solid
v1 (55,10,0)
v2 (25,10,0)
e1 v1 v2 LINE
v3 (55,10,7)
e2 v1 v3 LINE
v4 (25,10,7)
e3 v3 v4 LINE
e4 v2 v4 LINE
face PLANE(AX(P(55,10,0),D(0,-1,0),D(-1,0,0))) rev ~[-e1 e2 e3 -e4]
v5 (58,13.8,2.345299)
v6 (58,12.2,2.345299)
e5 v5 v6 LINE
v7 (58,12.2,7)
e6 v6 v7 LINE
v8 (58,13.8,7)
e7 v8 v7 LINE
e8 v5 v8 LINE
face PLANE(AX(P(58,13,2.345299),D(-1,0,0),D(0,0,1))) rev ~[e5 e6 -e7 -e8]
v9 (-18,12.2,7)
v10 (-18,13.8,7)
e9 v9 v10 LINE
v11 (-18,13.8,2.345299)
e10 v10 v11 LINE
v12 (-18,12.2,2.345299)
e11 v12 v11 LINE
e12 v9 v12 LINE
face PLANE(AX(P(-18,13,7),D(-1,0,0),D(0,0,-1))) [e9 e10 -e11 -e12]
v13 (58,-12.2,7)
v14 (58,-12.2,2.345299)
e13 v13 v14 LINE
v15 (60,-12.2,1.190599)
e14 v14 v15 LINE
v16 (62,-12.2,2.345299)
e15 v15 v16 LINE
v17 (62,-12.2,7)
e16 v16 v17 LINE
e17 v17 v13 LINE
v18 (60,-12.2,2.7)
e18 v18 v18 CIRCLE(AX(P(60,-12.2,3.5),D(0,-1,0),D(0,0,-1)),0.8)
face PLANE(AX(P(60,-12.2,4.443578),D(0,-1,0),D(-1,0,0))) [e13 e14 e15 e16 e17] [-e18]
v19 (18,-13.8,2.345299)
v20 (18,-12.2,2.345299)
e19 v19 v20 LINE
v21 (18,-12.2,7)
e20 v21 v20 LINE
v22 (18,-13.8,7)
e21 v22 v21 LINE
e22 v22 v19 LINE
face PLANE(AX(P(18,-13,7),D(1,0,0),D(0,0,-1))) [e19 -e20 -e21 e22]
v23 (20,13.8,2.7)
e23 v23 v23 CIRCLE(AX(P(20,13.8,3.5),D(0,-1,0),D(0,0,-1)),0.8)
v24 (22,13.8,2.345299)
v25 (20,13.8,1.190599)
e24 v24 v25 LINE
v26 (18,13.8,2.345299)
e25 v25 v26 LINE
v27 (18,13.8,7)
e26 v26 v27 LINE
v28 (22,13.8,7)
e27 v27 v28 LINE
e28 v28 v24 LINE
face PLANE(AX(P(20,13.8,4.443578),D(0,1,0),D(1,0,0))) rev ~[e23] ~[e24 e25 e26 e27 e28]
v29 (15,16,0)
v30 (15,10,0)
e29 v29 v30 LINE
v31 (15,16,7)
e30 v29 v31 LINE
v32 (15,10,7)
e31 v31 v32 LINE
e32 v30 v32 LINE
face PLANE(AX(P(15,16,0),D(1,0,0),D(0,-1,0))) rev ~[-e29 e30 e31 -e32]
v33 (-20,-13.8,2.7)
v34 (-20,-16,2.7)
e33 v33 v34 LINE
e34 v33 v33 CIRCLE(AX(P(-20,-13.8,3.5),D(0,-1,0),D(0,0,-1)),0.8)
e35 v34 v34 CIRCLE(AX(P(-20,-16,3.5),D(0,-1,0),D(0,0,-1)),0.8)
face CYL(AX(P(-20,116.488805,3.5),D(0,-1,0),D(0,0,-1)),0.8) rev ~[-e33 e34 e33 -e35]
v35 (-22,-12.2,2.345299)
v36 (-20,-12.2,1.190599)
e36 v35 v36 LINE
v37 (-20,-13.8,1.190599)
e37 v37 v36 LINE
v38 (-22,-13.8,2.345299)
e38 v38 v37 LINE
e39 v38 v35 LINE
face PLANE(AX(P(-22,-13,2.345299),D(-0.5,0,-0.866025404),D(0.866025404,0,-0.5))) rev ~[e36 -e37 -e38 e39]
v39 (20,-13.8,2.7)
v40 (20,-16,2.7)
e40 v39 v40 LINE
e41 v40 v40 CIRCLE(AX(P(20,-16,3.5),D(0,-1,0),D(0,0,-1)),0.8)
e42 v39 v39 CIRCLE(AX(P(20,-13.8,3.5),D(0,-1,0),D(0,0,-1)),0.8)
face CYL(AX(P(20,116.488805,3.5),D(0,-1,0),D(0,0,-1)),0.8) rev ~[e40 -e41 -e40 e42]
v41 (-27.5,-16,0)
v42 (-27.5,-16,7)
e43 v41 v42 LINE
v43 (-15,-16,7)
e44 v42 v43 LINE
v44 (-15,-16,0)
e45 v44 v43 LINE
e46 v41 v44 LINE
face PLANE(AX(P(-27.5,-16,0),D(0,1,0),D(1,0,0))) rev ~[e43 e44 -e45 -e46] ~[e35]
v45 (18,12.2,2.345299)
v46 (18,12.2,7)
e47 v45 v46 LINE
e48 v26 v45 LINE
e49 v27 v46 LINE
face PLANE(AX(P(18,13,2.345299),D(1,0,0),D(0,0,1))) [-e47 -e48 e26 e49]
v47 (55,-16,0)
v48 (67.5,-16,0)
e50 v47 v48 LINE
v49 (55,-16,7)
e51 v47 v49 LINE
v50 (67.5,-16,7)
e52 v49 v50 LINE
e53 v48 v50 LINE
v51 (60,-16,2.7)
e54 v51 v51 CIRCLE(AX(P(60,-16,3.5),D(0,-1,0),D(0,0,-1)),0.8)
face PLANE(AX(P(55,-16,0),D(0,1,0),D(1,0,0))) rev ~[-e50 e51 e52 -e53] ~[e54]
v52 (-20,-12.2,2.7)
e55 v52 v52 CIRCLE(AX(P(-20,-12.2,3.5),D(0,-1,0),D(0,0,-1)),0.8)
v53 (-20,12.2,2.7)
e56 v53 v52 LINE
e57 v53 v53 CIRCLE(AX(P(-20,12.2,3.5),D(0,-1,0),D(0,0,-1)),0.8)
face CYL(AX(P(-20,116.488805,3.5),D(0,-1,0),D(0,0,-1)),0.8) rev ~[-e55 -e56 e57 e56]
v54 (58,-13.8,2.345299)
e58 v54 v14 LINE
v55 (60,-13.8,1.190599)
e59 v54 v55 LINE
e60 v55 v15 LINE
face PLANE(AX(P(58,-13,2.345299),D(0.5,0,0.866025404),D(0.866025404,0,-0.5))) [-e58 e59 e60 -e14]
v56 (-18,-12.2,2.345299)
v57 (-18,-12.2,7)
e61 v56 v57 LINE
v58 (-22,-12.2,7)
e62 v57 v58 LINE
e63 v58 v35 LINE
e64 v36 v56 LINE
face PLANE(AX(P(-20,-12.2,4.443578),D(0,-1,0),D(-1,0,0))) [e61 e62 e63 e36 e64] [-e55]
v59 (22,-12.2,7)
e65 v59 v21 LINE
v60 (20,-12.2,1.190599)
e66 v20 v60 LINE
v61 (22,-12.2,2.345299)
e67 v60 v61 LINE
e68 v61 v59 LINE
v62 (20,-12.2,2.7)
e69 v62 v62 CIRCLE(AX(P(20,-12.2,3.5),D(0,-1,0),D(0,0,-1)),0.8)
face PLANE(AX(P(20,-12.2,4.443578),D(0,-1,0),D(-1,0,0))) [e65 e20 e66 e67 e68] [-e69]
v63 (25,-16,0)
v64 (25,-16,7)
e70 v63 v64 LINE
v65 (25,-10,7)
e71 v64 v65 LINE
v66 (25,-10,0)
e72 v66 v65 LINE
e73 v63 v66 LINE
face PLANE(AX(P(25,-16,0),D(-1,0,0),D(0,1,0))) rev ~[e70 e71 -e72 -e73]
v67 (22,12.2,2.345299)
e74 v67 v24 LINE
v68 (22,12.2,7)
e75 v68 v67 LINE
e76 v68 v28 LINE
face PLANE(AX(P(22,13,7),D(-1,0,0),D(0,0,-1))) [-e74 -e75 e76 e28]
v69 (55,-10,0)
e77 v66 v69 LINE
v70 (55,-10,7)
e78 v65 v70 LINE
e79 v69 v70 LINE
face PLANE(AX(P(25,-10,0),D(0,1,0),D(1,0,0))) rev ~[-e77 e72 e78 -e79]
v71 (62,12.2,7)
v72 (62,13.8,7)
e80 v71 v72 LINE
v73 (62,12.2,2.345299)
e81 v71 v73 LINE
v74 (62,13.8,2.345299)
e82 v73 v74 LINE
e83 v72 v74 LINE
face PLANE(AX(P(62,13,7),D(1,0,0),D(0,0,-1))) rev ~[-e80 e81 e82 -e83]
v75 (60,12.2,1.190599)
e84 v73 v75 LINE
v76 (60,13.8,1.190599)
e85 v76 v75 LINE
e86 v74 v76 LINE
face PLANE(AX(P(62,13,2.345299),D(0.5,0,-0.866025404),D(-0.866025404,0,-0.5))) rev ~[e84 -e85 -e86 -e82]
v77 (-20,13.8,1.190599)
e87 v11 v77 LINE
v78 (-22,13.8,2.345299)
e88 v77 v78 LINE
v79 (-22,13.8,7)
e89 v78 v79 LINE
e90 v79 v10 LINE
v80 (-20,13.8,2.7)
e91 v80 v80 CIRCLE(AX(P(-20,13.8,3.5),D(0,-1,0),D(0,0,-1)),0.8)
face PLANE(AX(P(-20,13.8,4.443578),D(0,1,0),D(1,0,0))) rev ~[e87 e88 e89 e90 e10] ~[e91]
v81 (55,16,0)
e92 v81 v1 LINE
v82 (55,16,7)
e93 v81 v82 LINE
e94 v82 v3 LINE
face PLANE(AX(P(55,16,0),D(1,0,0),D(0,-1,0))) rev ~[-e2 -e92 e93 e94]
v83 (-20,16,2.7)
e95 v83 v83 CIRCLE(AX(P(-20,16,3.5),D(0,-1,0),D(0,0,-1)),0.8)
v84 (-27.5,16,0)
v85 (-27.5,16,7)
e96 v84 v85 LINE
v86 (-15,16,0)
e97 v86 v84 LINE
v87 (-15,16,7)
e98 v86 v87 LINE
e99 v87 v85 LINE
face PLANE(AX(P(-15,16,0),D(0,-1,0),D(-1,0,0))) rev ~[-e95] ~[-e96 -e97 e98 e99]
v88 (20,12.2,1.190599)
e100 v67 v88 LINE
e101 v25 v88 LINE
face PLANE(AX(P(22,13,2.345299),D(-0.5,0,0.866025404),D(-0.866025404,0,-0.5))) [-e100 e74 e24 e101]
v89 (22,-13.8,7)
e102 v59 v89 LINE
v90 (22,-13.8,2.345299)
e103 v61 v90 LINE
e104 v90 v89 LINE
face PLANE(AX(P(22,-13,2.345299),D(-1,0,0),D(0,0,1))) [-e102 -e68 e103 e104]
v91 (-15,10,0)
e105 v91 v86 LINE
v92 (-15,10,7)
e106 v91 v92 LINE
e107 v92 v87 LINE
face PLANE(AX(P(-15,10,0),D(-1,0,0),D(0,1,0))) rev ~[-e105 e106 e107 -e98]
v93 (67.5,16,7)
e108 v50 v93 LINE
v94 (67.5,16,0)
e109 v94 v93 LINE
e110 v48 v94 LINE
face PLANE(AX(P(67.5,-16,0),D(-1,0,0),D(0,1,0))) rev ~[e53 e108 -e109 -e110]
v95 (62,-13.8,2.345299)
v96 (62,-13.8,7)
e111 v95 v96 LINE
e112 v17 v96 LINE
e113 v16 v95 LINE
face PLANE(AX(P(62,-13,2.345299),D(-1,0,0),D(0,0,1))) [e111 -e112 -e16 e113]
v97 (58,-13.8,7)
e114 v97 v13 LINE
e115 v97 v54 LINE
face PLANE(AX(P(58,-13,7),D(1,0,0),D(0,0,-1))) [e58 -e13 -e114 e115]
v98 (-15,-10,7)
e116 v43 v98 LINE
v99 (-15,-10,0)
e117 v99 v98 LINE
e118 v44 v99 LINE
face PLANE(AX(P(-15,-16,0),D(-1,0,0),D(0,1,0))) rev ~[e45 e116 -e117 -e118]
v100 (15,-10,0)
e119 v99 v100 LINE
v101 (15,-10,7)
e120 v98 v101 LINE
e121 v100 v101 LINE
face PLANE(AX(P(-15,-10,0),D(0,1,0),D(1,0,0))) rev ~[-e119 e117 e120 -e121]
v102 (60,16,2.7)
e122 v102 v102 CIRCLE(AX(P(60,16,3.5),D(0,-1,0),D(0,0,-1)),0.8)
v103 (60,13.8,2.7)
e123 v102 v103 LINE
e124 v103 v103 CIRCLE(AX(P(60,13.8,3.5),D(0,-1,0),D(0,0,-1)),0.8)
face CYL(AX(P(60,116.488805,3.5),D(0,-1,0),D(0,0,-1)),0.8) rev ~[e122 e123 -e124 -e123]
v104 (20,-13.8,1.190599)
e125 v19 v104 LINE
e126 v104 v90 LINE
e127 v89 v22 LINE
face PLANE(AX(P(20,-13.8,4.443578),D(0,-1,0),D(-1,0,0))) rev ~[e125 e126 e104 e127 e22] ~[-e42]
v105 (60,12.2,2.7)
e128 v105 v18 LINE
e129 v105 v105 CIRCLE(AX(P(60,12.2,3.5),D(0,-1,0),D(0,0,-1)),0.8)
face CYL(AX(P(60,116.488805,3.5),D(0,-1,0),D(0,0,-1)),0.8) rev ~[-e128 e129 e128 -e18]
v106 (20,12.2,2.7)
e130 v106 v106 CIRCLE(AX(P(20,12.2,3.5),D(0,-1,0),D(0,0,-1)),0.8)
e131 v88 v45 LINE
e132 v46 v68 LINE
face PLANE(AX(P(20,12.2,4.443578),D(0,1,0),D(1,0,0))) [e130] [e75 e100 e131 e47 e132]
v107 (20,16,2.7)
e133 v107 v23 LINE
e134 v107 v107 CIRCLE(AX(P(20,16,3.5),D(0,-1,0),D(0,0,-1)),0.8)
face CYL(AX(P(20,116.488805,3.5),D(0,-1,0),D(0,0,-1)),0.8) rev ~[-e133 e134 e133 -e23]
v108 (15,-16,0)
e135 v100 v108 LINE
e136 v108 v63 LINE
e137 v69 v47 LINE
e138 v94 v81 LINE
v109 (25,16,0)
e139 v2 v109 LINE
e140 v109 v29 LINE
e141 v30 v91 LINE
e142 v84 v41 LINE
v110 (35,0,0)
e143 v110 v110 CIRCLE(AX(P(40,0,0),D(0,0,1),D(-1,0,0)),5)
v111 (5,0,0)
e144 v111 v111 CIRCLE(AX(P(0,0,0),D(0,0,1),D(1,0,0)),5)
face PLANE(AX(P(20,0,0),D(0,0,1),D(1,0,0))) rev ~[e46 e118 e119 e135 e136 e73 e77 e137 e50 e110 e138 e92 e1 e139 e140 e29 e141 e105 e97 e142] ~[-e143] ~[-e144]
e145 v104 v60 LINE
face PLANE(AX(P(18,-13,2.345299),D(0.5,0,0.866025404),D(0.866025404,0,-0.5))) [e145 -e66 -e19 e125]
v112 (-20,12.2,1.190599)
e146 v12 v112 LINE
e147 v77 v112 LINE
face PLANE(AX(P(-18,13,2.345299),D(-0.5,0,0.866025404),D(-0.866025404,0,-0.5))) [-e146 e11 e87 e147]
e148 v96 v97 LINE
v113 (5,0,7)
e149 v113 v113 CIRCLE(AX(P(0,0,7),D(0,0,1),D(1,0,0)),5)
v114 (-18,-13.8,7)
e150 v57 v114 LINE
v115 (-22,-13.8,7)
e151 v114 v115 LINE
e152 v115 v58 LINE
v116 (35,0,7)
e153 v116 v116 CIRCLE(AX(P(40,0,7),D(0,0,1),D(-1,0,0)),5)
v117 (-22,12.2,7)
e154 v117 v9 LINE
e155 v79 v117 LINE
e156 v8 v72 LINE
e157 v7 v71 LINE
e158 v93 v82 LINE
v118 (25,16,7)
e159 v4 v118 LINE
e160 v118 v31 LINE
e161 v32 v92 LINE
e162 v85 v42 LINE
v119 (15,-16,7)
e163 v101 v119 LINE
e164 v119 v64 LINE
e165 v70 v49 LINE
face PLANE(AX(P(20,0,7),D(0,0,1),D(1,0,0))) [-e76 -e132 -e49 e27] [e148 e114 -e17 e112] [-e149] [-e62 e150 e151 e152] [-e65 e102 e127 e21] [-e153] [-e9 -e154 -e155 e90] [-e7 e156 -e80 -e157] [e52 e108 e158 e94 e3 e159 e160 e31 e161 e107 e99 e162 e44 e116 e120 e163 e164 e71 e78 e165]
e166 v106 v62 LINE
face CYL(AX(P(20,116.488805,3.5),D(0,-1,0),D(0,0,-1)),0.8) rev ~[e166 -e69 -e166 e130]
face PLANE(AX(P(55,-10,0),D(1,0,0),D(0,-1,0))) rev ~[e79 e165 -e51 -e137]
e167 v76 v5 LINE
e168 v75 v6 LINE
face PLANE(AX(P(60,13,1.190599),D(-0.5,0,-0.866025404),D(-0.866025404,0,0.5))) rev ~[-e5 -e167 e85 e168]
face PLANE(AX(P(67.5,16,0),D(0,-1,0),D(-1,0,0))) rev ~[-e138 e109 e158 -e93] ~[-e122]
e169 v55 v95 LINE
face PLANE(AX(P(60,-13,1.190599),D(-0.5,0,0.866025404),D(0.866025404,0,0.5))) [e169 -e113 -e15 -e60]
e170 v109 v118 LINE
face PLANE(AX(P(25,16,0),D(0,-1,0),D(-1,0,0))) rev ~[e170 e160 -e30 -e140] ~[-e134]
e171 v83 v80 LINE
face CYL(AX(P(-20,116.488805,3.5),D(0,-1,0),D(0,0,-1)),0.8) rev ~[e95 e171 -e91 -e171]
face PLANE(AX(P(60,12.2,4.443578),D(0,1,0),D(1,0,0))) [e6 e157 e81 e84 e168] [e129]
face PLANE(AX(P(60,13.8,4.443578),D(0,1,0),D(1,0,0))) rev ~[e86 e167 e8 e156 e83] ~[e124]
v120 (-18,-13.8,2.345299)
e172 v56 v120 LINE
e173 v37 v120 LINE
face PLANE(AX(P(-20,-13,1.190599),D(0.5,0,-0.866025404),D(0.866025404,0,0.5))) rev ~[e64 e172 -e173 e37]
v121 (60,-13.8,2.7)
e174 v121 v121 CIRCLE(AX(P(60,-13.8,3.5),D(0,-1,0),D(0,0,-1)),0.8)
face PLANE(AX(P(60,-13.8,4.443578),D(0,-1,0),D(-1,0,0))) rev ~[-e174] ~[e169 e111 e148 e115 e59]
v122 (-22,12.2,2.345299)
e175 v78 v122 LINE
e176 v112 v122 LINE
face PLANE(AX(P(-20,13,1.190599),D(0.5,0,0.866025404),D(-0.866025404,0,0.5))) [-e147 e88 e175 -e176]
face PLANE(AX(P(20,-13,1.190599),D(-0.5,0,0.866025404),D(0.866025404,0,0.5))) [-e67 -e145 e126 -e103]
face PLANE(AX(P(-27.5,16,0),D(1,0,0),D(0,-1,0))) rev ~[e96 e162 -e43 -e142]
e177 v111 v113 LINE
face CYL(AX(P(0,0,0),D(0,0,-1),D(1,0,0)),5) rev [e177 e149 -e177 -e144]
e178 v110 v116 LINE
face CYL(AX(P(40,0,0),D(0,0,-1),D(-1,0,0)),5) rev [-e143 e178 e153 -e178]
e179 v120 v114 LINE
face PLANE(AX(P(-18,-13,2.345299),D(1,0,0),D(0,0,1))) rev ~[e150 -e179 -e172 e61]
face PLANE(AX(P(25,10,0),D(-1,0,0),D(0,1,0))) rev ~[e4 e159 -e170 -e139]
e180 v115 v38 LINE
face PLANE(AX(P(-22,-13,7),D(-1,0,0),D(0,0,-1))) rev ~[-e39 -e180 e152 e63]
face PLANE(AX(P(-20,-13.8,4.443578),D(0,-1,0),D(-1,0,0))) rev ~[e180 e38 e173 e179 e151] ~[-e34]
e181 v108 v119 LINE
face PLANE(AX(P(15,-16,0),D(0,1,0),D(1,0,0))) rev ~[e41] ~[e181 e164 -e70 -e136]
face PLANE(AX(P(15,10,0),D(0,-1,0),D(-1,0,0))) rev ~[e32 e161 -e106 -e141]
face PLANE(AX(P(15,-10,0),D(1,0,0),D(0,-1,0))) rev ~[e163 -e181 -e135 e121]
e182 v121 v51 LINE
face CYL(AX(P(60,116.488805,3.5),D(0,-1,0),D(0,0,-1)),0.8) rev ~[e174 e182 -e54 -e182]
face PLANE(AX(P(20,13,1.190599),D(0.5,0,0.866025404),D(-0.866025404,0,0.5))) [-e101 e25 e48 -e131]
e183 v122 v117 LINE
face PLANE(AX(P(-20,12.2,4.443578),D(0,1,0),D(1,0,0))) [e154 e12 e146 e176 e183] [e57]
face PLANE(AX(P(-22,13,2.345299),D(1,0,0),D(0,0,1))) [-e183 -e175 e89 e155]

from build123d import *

# Parameters (mm, degrees)
SKETCH_1_R          = 5
EXTRUDE_1_DEPTH     = 7
M2X0_4_1_D          = 1.6
CUT_EXTRUDE_1_DEPTH = 0.8
CUT_EXTRUDE_2_DEPTH = 0.8


with BuildPart() as part:
    # 草图1 → 凸台-拉伸1 (new body)
    with BuildSketch(Plane.XY):
        Polygon((-15, 10), (-15, 16), (-27.5, 16), (-27.5, -16), (-15, -16), (-15, -10), (15, -10), (15, -16), (25, -16), (25, -10), (55, -10), (55, -16), (67.5, -16), (67.5, 16), (55, 16), (55, 10), (25, 10), (25, 16), (15, 16), (15, 10), align=None)
        Circle(SKETCH_1_R, mode=Mode.SUBTRACT)
        with Locations(Location((40, 0, 0), (0, 0, 180))):
            Circle(SKETCH_1_R, mode=Mode.SUBTRACT)
    extrude(amount=EXTRUDE_1_DEPTH)

    # M2x0.4 螺纹孔1 (through all)
    with Locations(Plane(origin=(-20, 16, 3.5), x_dir=(0, 0, 1), z_dir=(0, 1, 0))):
        with Locations((0, 0), (0, 40), (0, 80)):
            Hole(M2X0_4_1_D / 2)

    # 草图4 → 切除-拉伸1 (cut, symmetric)
    with BuildSketch(Plane(origin=(0, 13, 0), x_dir=(1, 0, 0), z_dir=(0, 1, 0))):
        Polygon((-22, -4.654700538), (-22, -7), (-18, -7), (-18, -4.654700538), (-18, -2.345299462), (-20, -1.190598923), (-22, -2.345299462), align=None)
        Polygon((18, -4.654700538), (18, -7), (22, -7), (22, -4.654700538), (22, -2.345299462), (20, -1.190598923), (18, -2.345299462), align=None)
        Polygon((58, -4.654700538), (58, -7), (62, -7), (62, -4.654700538), (62, -2.345299462), (60, -1.190598923), (58, -2.345299462), align=None)
    extrude(amount=CUT_EXTRUDE_1_DEPTH, both=True, mode=Mode.SUBTRACT)

    # 草图5 → 切除-拉伸2 (cut, symmetric)
    with BuildSketch(Plane(origin=(0, -13, 0), x_dir=(-1, 0, 0), z_dir=(0, -1, 0))):
        Polygon((-20, -1.190598923), (-22, -2.345299462), (-22, -4.654700538), (-22, -7), (-18, -7), (-18, -4.654700538), (-18, -2.345299462), align=None)
        Polygon((-60, -1.190598923), (-62, -2.345299462), (-62, -4.654700538), (-62, -7), (-58, -7), (-58, -4.654700538), (-58, -2.345299462), align=None)
        Polygon((20, -1.190598923), (18, -2.345299462), (18, -4.654700538), (18, -7), (22, -7), (22, -4.654700538), (22, -2.345299462), align=None)
    extrude(amount=CUT_EXTRUDE_2_DEPTH, both=True, mode=Mode.SUBTRACT)


solid = part.part
